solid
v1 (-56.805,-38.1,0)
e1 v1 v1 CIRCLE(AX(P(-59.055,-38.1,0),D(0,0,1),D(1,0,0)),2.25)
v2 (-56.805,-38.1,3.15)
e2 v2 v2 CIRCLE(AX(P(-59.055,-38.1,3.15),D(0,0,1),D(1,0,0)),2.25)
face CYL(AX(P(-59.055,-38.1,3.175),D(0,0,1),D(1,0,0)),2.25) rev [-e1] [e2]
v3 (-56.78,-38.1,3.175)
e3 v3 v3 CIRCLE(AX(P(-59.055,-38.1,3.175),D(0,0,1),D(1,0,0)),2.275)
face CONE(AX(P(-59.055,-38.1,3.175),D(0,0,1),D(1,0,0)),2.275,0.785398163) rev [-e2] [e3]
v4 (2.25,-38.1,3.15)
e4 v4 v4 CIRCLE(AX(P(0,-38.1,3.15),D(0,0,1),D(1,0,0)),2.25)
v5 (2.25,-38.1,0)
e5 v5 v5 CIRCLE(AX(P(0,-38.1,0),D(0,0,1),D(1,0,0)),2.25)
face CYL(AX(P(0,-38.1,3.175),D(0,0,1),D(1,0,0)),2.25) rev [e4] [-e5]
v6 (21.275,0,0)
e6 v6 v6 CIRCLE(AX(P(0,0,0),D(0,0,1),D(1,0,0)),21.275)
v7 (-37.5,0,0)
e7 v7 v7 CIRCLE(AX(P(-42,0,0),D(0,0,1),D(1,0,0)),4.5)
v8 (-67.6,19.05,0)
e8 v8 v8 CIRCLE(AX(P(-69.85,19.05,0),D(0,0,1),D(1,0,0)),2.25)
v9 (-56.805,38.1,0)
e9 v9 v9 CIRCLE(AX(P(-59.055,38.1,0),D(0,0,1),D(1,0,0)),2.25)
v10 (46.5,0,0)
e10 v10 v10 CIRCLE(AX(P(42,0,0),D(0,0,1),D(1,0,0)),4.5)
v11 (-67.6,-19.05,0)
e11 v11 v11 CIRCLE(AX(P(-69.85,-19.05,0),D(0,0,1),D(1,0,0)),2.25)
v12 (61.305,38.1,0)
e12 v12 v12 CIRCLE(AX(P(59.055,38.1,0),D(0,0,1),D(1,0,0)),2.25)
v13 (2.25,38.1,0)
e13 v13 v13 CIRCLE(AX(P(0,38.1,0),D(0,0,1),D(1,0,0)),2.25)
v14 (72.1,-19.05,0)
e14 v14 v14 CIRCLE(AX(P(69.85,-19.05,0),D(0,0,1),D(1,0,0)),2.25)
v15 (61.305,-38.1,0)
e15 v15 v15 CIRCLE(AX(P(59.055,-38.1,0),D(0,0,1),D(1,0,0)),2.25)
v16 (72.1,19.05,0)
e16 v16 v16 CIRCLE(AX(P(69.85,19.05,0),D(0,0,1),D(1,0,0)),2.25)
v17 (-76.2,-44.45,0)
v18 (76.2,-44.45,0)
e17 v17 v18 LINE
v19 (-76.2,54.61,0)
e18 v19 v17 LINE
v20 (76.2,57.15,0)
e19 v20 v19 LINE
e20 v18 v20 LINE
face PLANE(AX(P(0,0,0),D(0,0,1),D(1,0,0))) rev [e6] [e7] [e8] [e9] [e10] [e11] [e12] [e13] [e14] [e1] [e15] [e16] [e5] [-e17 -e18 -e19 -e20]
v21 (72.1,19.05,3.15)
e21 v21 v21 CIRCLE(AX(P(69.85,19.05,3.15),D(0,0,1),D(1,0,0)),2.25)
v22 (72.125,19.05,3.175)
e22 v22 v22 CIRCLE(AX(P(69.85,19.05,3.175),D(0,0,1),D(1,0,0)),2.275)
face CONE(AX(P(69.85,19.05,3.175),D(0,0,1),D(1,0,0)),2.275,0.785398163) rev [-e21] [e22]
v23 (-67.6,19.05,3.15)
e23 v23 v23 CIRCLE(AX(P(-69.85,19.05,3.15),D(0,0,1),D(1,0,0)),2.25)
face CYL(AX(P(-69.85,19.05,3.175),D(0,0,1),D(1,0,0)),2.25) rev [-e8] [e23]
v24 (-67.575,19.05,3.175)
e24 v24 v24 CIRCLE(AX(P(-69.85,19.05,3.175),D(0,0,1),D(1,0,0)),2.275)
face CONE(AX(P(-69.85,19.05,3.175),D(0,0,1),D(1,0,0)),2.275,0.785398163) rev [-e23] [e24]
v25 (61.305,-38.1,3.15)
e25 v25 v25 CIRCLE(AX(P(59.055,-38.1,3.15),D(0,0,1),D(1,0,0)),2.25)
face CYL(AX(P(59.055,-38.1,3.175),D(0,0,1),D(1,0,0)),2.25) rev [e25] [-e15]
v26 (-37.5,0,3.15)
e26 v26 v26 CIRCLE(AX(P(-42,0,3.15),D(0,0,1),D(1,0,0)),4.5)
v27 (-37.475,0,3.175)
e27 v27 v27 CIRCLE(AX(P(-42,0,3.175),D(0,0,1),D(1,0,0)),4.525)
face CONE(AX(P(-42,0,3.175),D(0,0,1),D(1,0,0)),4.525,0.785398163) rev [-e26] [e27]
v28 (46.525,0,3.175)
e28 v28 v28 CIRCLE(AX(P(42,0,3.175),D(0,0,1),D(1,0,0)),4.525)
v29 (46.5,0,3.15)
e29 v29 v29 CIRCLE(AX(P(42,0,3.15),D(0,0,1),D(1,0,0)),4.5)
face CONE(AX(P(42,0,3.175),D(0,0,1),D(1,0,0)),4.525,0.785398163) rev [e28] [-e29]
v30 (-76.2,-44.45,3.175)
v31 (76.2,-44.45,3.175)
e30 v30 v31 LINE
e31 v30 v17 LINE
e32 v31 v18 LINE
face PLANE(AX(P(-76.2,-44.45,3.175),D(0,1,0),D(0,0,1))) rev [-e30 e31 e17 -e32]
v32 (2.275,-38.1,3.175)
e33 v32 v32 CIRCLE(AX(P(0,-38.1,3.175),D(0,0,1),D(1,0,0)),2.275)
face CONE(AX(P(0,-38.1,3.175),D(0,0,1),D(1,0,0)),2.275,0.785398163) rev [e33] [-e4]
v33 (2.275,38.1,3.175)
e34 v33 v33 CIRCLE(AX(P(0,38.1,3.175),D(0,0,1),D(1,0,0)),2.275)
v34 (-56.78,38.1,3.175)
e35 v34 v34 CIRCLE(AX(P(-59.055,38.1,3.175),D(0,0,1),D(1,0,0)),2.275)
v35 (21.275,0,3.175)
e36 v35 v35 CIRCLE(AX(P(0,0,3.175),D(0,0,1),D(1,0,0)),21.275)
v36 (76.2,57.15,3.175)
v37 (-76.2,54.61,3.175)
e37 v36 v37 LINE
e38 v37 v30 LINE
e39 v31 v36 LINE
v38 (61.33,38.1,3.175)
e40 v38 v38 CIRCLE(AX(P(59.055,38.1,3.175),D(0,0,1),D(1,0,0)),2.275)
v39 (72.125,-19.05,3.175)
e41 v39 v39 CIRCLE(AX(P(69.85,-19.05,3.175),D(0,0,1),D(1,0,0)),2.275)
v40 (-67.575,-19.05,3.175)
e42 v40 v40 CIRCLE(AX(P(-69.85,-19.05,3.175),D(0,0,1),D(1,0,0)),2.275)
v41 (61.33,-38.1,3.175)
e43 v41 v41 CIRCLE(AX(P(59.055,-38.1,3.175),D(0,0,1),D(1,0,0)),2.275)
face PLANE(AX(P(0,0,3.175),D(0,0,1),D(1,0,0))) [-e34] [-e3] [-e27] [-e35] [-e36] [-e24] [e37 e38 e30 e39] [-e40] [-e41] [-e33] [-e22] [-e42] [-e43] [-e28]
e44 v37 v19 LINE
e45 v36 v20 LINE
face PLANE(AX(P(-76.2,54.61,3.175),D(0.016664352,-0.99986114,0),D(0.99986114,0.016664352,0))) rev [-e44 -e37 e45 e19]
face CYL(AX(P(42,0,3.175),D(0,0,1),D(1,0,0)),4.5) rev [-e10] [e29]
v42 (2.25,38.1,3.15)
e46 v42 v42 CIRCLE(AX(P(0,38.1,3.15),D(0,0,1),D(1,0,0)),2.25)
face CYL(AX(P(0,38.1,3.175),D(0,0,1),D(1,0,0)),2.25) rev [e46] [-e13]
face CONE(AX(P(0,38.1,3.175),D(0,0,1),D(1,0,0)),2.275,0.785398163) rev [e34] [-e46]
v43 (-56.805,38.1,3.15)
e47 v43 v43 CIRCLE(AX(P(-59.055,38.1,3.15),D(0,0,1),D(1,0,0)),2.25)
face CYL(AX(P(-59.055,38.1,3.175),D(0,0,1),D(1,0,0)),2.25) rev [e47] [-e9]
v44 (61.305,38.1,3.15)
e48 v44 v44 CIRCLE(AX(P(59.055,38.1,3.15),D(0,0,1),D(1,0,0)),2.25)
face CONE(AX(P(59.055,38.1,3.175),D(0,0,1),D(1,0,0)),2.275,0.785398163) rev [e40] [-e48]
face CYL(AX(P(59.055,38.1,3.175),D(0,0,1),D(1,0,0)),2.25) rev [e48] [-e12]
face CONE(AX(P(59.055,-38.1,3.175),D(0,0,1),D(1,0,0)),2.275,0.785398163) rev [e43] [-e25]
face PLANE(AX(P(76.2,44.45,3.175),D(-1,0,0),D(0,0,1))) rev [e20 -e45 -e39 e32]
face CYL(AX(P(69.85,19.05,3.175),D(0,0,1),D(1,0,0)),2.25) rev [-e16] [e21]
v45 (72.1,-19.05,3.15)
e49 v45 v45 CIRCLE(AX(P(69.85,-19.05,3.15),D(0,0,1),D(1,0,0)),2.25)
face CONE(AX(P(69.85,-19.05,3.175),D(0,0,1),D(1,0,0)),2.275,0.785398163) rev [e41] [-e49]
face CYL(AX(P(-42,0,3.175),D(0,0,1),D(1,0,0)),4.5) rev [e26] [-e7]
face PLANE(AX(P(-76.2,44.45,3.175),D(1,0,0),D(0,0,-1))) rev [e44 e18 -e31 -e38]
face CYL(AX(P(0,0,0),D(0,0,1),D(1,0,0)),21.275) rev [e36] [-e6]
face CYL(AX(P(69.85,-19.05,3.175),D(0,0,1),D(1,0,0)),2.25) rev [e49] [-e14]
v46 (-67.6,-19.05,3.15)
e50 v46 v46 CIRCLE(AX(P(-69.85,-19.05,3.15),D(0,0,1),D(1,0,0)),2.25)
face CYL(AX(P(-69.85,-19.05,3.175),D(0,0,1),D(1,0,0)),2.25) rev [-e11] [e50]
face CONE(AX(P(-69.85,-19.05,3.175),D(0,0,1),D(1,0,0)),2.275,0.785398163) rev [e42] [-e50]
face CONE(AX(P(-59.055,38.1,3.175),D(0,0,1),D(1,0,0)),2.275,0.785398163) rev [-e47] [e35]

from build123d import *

# Parameters (mm, degrees)
BOSS_EXTRUDE1_DEPTH            = 3.175
M4_CLEARANCE_HOLE1_D           = 4.5
M4_CLEARANCE_HOLE1_CSINK_D     = 4.55
M4_CLEARANCE_HOLE1_CSINK_ANGLE = 90
M8_CLEARANCE_HOLE1_AT_2_COUNT  = 2
M8_CLEARANCE_HOLE1_AT_2_PITCH  = 84
SKETCH9_R                      = 21.275
CENTER_HOLE_DEPTH              = 96.302901976


with BuildPart() as part:
    # Sketch1 → Boss-Extrude1 (new body)
    with BuildSketch(Plane.XY):
        Polygon((-76.2, 54.61), (-76.2, 44.45), (-76.2, -44.45), (76.2, -44.45), (76.2, 44.45), (76.2, 57.15), align=None)
    extrude(amount=BOSS_EXTRUDE1_DEPTH)

    # M4 Clearance Hole1 (through all)
    with Locations(Plane.XY.offset(3.175)):
        with Locations((-69.85, 19.05), (-59.055, 38.1), (0, 38.1), (59.055, 38.1), (69.85, 19.05), (69.85, -19.05), (59.055, -38.1), (0, -38.1), (-59.055, -38.1), (-69.85, -19.05)):
            CounterSinkHole(M4_CLEARANCE_HOLE1_D / 2, M4_CLEARANCE_HOLE1_CSINK_D / 2, counter_sink_angle=M4_CLEARANCE_HOLE1_CSINK_ANGLE)

    # Sketch11 → M8 Clearance Hole1 (revolve, cut)
    with BuildSketch(Plane(origin=(-42, 0, 3.175), x_dir=(0, -1, 0), z_dir=(1, 0, 0))):
        Polygon((0, 0), (0, 3.175), (4.5, 3.175), (4.5, 0.025), (4.525, 0), align=None)
    m8_clearance_hole1 = revolve(axis=Axis((-42, 0, 9.525), (0, 0, -1)), mode=Mode.SUBTRACT)

    # M8 Clearance Hole1 at 2: M8 Clearance Hole1 ×2
    with Locations(*[(i * M8_CLEARANCE_HOLE1_AT_2_PITCH, 0, 0) for i in range(1, M8_CLEARANCE_HOLE1_AT_2_COUNT)]):
        add(m8_clearance_hole1, mode=Mode.SUBTRACT)

    # Sketch9 → Center Hole (cut, through all)
    with BuildSketch(Plane.XY.offset(3.175)):
        Circle(SKETCH9_R)
    extrude(amount=-CENTER_HOLE_DEPTH, mode=Mode.SUBTRACT)


solid = part.part
